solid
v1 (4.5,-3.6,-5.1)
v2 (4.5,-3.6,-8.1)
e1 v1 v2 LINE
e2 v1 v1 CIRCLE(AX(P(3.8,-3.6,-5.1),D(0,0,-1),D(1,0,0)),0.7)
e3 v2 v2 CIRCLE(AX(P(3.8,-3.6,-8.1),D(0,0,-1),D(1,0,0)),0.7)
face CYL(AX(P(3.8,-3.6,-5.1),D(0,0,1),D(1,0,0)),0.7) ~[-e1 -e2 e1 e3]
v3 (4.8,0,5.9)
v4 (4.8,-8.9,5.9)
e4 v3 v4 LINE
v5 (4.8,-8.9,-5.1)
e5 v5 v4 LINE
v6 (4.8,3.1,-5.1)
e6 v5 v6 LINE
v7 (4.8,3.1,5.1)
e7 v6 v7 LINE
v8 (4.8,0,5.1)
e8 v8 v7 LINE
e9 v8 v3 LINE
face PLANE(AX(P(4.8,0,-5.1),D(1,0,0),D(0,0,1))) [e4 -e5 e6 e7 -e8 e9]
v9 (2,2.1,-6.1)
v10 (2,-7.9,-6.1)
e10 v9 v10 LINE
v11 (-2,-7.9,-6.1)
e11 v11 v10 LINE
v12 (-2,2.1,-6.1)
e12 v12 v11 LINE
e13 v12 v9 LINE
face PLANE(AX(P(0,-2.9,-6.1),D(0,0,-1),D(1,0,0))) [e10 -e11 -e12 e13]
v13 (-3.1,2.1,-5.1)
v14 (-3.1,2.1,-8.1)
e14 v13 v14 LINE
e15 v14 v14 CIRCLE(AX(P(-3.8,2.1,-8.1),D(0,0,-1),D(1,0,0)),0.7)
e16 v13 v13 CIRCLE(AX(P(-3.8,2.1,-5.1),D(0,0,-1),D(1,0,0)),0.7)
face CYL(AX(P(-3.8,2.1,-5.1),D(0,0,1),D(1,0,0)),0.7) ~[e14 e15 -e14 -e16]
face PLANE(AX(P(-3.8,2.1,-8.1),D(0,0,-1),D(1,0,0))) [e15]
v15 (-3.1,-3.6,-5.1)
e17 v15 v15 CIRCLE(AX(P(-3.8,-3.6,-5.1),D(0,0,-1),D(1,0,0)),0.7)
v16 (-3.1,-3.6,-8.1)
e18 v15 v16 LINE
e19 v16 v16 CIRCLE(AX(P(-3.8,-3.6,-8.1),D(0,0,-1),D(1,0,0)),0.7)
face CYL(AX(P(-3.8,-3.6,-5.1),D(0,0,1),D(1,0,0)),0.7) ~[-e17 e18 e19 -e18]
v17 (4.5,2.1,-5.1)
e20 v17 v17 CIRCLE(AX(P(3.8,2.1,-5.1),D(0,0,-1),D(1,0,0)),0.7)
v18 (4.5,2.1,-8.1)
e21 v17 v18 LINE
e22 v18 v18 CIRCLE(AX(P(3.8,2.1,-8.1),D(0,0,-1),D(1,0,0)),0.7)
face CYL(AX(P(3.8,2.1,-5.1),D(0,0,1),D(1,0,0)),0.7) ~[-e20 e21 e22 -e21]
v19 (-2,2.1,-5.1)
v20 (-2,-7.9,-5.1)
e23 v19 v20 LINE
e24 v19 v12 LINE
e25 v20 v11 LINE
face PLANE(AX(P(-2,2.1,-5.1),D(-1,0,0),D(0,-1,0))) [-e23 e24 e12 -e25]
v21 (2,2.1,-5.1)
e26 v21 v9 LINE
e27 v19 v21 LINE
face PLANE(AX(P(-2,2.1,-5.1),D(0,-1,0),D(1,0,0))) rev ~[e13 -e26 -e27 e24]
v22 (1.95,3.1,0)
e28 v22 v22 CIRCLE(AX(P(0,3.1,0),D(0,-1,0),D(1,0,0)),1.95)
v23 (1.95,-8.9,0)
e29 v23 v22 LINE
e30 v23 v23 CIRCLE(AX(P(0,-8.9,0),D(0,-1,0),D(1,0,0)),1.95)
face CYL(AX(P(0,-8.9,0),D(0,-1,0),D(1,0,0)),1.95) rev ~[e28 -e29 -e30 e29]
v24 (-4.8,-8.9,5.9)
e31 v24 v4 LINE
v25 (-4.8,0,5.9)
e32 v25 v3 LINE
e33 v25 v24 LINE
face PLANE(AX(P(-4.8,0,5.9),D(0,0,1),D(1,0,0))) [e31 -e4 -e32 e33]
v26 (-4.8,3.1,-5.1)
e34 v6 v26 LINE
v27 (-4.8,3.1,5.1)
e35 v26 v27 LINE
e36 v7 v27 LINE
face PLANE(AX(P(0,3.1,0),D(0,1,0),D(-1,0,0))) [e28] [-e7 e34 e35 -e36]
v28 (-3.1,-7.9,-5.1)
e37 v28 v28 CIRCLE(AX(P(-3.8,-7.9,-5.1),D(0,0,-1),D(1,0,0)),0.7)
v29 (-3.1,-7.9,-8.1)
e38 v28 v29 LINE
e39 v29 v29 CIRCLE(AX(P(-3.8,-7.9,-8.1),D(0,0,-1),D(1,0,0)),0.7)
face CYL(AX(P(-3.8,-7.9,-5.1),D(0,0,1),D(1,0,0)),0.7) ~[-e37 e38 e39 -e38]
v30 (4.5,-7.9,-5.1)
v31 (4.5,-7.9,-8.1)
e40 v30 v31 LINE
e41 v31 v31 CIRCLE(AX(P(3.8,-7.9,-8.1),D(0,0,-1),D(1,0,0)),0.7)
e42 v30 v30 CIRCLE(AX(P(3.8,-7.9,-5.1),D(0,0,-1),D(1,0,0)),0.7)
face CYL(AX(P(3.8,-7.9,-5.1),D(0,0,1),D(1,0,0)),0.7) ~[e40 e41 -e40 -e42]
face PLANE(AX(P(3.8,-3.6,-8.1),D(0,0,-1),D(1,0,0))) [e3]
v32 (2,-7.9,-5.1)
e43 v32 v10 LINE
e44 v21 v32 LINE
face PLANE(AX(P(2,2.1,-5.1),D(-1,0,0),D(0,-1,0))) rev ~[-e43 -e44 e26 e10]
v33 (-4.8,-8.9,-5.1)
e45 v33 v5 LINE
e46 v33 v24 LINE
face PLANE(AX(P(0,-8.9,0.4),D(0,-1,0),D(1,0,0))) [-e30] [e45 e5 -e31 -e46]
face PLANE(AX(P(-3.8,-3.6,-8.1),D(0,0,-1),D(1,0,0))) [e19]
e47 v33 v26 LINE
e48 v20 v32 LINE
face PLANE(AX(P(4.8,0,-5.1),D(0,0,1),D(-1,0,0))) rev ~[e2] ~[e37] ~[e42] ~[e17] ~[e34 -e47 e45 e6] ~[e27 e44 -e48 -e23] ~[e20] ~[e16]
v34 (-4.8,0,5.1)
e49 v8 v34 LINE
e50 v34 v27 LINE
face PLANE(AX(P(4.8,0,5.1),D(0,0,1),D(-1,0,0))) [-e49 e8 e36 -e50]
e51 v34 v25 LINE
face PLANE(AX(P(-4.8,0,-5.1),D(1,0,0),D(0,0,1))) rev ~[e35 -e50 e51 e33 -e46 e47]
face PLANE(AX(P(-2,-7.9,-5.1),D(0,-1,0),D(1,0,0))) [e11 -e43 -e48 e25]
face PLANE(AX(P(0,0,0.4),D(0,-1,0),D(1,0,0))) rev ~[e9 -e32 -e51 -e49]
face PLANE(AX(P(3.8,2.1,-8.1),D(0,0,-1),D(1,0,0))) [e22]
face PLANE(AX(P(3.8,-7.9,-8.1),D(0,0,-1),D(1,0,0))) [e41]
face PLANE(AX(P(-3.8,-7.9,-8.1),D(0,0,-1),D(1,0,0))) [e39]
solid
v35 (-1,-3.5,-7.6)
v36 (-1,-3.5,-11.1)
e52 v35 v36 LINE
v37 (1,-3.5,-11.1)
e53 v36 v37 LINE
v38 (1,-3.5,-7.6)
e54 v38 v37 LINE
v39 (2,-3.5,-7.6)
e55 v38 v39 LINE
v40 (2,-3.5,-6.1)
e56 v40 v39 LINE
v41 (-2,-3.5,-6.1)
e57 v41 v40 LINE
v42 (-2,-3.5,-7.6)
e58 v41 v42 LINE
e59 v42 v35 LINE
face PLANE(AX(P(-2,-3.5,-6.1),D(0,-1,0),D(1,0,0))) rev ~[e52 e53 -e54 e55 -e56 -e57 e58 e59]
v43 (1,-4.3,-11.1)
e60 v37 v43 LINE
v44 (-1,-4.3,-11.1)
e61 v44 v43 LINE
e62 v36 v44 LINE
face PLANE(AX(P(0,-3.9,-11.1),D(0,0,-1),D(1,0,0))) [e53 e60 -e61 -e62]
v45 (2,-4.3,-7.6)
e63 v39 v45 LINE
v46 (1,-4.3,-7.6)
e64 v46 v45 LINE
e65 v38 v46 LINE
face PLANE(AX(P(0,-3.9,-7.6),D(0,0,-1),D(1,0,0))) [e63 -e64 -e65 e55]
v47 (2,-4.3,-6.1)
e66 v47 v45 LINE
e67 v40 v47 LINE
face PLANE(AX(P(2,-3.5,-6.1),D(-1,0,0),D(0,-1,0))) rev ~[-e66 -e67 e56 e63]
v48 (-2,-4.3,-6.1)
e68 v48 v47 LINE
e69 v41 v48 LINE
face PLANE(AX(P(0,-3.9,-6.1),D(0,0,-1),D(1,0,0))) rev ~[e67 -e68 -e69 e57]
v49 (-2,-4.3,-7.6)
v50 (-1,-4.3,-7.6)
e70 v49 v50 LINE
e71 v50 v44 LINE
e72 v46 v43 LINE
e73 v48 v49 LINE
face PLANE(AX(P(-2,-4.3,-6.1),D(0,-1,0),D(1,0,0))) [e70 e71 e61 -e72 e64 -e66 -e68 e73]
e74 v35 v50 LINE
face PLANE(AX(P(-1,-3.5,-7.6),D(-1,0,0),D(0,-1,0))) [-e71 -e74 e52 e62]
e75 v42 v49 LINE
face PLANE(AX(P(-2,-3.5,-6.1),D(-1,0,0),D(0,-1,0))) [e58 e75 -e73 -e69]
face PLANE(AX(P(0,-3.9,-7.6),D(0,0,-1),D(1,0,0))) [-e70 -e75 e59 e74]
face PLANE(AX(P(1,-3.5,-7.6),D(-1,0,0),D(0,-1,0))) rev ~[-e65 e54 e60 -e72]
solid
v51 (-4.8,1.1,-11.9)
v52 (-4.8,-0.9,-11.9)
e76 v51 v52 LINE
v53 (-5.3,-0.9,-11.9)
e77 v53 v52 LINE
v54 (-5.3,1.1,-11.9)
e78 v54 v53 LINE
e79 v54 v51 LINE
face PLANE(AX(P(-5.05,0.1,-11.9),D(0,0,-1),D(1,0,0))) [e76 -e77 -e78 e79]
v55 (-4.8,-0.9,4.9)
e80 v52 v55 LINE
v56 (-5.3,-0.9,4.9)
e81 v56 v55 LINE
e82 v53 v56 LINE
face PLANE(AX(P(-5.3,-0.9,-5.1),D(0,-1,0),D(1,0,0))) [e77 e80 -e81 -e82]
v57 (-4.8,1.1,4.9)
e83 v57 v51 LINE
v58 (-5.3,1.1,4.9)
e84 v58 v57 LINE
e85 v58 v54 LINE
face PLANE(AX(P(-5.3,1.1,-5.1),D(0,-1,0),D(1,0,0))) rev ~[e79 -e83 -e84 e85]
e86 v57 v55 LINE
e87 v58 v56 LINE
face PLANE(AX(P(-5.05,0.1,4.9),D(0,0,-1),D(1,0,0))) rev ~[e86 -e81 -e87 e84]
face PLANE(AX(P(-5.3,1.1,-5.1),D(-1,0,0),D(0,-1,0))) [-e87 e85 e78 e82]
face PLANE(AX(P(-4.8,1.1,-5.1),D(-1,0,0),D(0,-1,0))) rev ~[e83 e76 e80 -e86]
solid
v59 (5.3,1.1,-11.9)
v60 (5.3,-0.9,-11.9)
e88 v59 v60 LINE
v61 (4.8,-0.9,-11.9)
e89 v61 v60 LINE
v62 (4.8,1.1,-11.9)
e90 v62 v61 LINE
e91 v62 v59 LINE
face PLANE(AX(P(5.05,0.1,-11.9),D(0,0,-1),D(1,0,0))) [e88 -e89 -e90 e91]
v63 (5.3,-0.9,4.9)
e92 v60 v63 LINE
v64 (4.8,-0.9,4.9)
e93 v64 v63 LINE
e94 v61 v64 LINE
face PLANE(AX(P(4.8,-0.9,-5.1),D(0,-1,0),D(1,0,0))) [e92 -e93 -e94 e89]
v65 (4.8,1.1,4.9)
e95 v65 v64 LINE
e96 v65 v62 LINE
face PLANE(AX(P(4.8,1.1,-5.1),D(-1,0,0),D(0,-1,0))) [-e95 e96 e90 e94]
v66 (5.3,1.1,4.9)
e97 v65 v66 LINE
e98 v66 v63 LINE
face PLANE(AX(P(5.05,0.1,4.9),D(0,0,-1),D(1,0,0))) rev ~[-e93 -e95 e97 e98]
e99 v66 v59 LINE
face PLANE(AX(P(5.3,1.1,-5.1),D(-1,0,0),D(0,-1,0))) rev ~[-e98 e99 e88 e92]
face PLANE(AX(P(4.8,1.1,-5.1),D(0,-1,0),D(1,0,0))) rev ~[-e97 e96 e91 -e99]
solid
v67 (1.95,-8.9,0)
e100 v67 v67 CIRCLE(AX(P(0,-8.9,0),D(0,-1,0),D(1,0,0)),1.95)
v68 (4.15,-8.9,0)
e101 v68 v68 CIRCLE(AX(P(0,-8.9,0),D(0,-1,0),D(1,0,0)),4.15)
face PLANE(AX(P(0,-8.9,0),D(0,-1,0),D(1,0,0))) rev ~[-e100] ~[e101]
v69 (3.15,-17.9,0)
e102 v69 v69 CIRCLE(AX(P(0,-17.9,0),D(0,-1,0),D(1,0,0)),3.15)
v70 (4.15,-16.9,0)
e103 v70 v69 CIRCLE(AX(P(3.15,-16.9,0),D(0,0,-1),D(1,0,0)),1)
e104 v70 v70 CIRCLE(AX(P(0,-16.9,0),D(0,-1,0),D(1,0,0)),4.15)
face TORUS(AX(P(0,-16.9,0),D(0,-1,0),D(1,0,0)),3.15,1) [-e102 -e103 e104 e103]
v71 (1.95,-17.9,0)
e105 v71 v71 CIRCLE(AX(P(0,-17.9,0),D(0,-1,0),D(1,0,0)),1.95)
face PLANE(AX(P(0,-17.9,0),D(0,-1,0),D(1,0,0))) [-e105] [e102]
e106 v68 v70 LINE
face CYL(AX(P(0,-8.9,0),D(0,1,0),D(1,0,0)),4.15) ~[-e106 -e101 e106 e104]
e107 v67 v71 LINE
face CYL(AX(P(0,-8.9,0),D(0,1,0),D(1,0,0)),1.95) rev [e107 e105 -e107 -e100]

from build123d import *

# Parameters (mm, degrees)
F0_W      = 9.6
F0_H      = 11
F1_DEPTH  = 8.9
F2_W      = 9.6
F2_H      = 10.2
F3_DEPTH  = 3.1
F4_R      = 0.7
F5_DEPTH  = 3
F4_W      = 4
F4_H      = 10
F6_DEPTH  = 1
F4_W_2    = 0.5
F4_H_2    = 2
F7_DEPTH  = 10
F8_DEPTH  = 6.8
F9_W      = 4
F9_H      = 0.8
F10_DEPTH = 1.5
F11_DEPTH = 6.8
F12_R     = 4.15
F12_R_2   = 1.95
F13_DEPTH = 9
F14_R     = 1
F15_DEPTH = 12
F16_W     = 2
F16_H     = 0.8
F17_DEPTH = 3.5


with BuildPart() as f1:
    # F0 (on Front) → F1 (new body)
    with BuildSketch(Plane.XZ):
        with Locations((0, 0.4)):
            Rectangle(F0_W, F0_H)
    extrude(amount=F1_DEPTH)

    # F2 (on face) → F3 (join)
    with BuildSketch(Plane(origin=(0, 0, 0), x_dir=(-1, 0, 0), z_dir=(0, 1, 0))):
        Rectangle(F2_W, F2_H)
    extrude(amount=F3_DEPTH)

    # F4 (on face) → F5 (join)
    with BuildSketch(Plane(origin=(0, 0, -5.1), x_dir=(1, 0, 0), z_dir=(0, 0, -1))):
        with Locations((-3.8, 7.9)):
            Circle(F4_R)
        with Locations((-3.8, 3.6)):
            Circle(F4_R)
        with Locations((-3.8, -2.1)):
            Circle(F4_R)
        with Locations((3.8, -2.1)):
            Circle(F4_R)
        with Locations((3.8, 3.6)):
            Circle(F4_R)
        with Locations((3.8, 7.9)):
            Circle(F4_R)
    extrude(amount=F5_DEPTH)

    # F4 (on face) → F6 (join)
    with BuildSketch(Plane(origin=(0, 0, -5.1), x_dir=(1, 0, 0), z_dir=(0, 0, -1))):
        with Locations((0, 2.9)):
            Rectangle(F4_W, F4_H)
    extrude(amount=F6_DEPTH)

    # F12 (on face) → F15 (cut)
    with BuildSketch(Plane.XZ.offset(8.9)):
        Circle(F12_R_2)
    extrude(amount=-F15_DEPTH, mode=Mode.SUBTRACT)


with BuildPart() as f7:
    # F4 (on face) → F7 (new body)
    with BuildSketch(Plane(origin=(0, 0, -5.1), x_dir=(1, 0, 0), z_dir=(0, 0, -1))):
        with Locations((5.05, -0.1)):
            Rectangle(F4_W_2, F4_H_2)
    extrude(amount=-F7_DEPTH)

    # F4 (on face) → F11 (join)
    with BuildSketch(Plane(origin=(0, 0, -5.1), x_dir=(1, 0, 0), z_dir=(0, 0, -1))):
        with Locations((5.05, -0.1)):
            Rectangle(F4_W_2, F4_H_2)
    extrude(amount=F11_DEPTH)


with BuildPart() as f7b:
    # F4 (on face) → F7, piece 2 (new body)
    with BuildSketch(Plane(origin=(0, 0, -5.1), x_dir=(1, 0, 0), z_dir=(0, 0, -1))):
        with Locations((-5.05, -0.1)):
            Rectangle(F4_W_2, F4_H_2)
    extrude(amount=-F7_DEPTH)

    # F4 (on face) → F8 (join)
    with BuildSketch(Plane(origin=(0, 0, -5.1), x_dir=(1, 0, 0), z_dir=(0, 0, -1))):
        with Locations((-5.05, -0.1)):
            Rectangle(F4_W_2, F4_H_2)
    extrude(amount=F8_DEPTH)


with BuildPart() as f10:
    # F9 (on face) → F10 (new body)
    with BuildSketch(Plane(origin=(0, 0, -6.1), x_dir=(1, 0, 0), z_dir=(0, 0, -1))):
        with Locations((0, 3.9)):
            Rectangle(F9_W, F9_H)
    extrude(amount=F10_DEPTH)

    # F16 (on face) → F17 (join)
    with BuildSketch(Plane(origin=(0, 0, -7.6), x_dir=(1, 0, 0), z_dir=(0, 0, -1))):
        with Locations((0, 3.9)):
            Rectangle(F16_W, F16_H)
    extrude(amount=F17_DEPTH)


with BuildPart() as f13:
    # F12 (on face) → F13 (new body)
    with BuildSketch(Plane.XZ.offset(8.9)):
        Circle(F12_R)
        Circle(F12_R_2, mode=Mode.SUBTRACT)
    extrude(amount=F13_DEPTH)

    # F14
    f14_edges = [f13.edges().sort_by_distance(p)[0] for p in [
        (-4.15, -17.9, 0),
    ]]
    fillet(f14_edges, radius=F14_R)


solid = Compound([f1.part, f7.part, f7b.part, f10.part, f13.part])
